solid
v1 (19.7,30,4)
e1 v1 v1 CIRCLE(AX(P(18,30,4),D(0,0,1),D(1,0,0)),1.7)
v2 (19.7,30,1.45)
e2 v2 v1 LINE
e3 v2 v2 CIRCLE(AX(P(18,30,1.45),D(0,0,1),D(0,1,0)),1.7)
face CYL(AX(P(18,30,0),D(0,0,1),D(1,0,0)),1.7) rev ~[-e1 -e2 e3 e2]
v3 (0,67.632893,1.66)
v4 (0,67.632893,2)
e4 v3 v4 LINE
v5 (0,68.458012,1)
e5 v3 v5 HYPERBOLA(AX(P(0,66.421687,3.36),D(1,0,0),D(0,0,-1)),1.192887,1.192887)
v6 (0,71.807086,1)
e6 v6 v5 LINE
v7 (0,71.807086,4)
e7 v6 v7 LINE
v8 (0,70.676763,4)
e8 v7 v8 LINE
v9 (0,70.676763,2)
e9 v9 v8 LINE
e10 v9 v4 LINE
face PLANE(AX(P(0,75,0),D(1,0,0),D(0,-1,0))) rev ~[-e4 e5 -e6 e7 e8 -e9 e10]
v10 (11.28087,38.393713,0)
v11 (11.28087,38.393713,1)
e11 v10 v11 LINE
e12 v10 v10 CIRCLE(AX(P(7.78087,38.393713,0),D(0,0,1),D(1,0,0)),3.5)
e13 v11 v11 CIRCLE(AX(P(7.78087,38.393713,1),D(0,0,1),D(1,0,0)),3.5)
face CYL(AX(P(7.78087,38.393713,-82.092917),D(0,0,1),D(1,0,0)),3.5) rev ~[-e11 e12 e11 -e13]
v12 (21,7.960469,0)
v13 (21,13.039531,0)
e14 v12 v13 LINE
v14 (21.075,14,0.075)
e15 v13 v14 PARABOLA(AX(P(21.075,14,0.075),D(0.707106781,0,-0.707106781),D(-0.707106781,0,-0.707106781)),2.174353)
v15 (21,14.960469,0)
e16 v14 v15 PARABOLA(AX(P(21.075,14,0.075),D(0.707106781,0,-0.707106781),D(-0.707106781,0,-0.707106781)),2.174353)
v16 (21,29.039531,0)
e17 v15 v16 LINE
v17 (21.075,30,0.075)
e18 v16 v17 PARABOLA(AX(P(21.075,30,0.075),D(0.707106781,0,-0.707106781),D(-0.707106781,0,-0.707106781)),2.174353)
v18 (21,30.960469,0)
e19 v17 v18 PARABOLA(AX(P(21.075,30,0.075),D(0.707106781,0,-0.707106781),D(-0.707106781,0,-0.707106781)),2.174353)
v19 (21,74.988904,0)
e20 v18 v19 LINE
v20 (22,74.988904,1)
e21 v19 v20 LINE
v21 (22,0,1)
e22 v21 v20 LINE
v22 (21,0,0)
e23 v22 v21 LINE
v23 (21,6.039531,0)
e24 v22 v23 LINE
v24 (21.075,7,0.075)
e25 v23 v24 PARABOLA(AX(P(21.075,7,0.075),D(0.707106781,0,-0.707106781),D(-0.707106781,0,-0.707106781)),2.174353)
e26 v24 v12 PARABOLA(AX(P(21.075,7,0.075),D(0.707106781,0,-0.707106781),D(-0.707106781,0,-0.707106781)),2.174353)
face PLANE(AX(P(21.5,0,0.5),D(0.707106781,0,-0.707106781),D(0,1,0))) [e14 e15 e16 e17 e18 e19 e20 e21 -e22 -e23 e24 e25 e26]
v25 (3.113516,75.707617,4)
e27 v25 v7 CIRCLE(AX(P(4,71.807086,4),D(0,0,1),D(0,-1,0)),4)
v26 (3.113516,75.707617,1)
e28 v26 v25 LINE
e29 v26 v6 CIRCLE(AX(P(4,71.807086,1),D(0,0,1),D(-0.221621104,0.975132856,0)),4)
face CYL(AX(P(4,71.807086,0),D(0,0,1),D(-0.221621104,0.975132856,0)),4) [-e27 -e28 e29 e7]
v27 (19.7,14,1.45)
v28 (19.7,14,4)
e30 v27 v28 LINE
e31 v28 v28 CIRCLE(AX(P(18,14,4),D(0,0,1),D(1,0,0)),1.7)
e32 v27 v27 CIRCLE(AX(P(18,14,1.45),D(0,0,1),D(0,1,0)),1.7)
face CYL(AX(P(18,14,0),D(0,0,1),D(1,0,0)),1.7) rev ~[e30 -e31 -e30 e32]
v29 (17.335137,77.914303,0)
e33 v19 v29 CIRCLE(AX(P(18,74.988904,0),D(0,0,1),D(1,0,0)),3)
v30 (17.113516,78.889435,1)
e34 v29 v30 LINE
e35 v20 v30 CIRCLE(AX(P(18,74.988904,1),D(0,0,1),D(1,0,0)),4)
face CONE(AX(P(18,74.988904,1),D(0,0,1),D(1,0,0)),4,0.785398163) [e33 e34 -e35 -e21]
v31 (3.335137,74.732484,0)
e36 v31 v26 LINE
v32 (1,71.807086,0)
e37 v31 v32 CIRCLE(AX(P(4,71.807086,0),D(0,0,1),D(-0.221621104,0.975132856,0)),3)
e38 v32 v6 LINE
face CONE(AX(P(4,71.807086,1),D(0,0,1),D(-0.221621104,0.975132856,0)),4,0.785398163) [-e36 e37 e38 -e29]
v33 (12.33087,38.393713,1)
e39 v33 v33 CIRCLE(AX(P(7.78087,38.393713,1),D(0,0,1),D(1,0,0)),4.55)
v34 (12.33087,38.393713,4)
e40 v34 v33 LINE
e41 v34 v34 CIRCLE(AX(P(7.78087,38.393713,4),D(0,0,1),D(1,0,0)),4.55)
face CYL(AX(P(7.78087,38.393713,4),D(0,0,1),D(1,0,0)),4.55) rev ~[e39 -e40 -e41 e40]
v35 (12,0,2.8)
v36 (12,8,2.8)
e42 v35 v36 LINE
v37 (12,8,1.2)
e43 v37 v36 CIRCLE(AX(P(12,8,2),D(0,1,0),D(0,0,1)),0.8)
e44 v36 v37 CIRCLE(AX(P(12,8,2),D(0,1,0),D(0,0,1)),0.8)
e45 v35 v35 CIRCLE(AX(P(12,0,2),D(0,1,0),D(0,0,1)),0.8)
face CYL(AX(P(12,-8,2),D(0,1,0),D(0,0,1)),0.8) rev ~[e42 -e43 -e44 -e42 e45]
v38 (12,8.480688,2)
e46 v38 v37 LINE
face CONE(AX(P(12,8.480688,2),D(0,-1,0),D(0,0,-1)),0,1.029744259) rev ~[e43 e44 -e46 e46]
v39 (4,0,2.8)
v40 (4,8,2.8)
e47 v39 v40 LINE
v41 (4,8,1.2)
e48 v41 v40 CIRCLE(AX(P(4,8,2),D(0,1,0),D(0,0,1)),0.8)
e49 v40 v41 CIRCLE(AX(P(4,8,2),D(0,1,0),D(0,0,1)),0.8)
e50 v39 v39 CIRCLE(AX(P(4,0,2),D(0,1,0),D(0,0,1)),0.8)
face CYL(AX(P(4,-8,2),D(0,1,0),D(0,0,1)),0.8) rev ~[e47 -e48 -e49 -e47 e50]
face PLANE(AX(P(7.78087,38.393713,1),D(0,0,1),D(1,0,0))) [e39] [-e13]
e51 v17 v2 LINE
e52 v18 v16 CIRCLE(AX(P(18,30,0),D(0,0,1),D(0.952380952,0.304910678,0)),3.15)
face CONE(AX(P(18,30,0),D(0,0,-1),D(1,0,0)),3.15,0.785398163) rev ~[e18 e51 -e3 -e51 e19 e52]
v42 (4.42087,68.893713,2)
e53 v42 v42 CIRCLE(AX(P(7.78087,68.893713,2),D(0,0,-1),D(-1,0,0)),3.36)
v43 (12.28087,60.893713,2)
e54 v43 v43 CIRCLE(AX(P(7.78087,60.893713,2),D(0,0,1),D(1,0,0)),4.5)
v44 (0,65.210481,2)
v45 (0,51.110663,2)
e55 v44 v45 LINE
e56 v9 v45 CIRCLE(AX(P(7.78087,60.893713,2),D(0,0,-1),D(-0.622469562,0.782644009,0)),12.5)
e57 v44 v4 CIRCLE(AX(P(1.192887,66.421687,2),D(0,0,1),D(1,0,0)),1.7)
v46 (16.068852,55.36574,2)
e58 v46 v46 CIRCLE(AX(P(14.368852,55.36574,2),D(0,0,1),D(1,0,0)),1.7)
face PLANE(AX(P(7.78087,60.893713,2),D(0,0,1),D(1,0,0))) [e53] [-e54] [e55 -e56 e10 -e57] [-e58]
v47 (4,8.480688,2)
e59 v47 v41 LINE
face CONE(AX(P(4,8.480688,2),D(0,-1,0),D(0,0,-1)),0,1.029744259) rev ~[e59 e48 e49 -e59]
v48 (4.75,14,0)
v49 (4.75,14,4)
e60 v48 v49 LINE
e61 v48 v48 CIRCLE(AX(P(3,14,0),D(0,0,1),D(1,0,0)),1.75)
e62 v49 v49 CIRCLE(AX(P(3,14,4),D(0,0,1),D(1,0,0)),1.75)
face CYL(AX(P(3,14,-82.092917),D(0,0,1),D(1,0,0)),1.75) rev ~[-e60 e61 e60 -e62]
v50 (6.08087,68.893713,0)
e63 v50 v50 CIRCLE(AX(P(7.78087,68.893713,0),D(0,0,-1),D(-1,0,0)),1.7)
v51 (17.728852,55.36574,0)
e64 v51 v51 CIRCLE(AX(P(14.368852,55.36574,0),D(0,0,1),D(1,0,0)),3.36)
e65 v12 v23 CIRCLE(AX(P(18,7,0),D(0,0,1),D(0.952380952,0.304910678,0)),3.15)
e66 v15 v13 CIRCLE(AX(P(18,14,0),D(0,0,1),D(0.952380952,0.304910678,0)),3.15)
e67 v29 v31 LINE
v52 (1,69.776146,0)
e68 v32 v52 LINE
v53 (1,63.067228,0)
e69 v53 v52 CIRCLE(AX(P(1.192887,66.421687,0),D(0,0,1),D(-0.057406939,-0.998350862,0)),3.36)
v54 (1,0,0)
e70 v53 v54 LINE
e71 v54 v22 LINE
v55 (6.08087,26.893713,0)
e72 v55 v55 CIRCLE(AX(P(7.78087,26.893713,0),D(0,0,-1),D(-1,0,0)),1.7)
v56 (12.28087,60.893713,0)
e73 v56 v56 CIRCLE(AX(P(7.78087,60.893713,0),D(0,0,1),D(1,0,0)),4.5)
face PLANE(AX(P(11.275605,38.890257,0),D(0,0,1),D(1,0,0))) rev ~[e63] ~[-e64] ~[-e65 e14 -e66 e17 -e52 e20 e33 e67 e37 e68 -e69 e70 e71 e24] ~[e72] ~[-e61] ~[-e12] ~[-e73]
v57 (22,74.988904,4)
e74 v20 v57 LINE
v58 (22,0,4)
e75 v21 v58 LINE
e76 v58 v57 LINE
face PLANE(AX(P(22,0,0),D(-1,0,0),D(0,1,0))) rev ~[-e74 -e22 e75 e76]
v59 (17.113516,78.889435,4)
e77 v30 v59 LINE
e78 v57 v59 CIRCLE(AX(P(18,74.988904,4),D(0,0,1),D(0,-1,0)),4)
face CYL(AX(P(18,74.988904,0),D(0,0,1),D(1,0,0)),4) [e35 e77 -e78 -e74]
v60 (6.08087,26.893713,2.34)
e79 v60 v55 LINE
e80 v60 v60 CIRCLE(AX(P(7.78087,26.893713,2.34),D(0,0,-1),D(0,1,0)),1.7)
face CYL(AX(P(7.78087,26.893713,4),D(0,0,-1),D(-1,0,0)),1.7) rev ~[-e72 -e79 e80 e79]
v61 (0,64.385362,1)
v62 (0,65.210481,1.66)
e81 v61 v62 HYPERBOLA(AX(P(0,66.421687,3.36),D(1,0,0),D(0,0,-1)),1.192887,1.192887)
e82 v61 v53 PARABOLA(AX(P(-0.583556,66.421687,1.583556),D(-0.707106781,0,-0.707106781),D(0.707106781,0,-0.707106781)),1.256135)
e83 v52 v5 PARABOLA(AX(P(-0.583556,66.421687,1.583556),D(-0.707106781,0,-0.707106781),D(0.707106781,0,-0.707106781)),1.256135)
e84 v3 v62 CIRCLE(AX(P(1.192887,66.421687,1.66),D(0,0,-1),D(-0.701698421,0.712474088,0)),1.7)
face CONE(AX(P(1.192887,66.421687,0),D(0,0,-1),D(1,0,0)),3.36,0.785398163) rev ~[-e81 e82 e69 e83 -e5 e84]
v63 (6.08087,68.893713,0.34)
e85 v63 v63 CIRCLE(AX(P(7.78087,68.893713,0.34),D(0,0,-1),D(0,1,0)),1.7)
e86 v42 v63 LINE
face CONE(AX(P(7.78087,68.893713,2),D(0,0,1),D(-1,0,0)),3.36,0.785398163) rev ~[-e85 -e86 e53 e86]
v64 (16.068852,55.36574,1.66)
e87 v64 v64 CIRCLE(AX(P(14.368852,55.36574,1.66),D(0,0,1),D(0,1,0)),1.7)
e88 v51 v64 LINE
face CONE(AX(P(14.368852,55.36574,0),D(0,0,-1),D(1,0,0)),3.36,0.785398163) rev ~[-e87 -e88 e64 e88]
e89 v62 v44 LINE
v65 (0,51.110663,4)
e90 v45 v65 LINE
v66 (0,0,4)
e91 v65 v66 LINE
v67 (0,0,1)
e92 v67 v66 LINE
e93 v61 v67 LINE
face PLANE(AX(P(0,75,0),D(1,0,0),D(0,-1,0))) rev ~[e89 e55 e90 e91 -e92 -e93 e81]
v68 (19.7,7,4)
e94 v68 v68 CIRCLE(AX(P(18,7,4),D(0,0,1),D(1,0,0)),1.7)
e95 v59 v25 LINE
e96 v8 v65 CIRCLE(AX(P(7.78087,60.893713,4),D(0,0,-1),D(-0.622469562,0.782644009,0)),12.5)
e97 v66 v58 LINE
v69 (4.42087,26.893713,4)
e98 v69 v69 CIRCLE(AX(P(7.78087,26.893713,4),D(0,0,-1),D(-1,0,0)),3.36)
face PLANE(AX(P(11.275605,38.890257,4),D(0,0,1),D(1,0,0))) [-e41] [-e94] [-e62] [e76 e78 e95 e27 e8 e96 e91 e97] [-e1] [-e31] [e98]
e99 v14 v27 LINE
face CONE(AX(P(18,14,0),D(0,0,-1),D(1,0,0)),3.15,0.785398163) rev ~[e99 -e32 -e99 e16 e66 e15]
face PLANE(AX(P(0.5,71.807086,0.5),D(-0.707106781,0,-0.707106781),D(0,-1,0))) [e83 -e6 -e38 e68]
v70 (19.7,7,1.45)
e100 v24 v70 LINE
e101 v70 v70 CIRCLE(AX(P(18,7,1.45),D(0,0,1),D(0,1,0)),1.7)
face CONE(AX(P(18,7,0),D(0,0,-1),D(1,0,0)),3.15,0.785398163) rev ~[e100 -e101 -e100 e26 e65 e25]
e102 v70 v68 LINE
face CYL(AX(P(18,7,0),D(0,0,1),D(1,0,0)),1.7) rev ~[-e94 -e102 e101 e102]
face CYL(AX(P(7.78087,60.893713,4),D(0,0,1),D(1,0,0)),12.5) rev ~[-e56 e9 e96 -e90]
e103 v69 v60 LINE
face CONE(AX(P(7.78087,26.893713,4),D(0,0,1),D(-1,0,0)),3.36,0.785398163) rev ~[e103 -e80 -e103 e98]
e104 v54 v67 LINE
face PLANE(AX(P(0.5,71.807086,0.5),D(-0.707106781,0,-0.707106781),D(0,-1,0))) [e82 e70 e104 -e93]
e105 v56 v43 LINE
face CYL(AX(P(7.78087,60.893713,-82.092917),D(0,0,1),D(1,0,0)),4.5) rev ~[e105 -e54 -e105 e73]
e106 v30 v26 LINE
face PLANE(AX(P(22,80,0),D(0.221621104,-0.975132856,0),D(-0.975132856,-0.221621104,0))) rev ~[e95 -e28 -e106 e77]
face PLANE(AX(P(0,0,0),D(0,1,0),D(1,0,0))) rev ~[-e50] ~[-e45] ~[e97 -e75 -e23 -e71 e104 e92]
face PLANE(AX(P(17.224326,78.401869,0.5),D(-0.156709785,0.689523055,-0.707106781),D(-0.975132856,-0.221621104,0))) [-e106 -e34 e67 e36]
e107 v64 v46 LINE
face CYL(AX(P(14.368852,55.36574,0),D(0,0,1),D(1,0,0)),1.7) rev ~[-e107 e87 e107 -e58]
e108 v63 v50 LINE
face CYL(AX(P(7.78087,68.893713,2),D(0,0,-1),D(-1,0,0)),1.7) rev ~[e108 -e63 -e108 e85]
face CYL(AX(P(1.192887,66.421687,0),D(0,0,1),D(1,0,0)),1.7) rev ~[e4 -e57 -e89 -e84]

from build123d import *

# Parameters (mm, degrees)
RESSALTO_EXTRUS_O1_DEPTH                             = 4
FILETE1_R                                            = 4
CHANFRO1_SIZE                                        = 1
FURO_DE_DI_METRO_7_0_7_1_D                           = 7
ESCAREADO_PARA_PARAFUSO_COM_CABE_A_ESCAR_D           = 3.4
ESCAREADO_PARA_PARAFUSO_COM_CABE_A_ESCAR_CSINK_D     = 6.3
ESCAREADO_PARA_PARAFUSO_COM_CABE_A_ESCAR_CSINK_ANGLE = 90
BROCA_DE_ROSQUEAR_PARA_TARRAXA_DE_M21_D              = 1.6
BROCA_DE_ROSQUEAR_PARA_TARRAXA_DE_M21_DEPTH          = 8
BROCA_DE_ROSQUEAR_PARA_TARRAXA_DE_M21_TIP            = 0.480688495
FURO_DE_DI_METRO_9_0_9_3_D                           = 9
ESCAREADO_PARA_PARAFUSO_ALLEN_SEXTAVADO_D            = 3.4
ESCAREADO_PARA_PARAFUSO_ALLEN_SEXTAVADO_CSINK_D      = 6.72
ESCAREADO_PARA_PARAFUSO_ALLEN_SEXTAVADO_CSINK_ANGLE  = 90
ESCAREADO_PARA_PARAFUSO_COM_CABE_A_E_2_D             = 3.4
ESCAREADO_PARA_PARAFUSO_COM_CABE_A_E_2_DEPTH         = 4
ESCAREADO_PARA_PARAFUSO_COM_CABE_A_E_2_CSINK_D       = 6.3
ESCAREADO_PARA_PARAFUSO_COM_CABE_A_E_2_CSINK_ANGLE   = 90
ESCAREADO_PARA_PARAFUSO_COM_CABE_A_E_2_TIP           = 1.021463052
ESBO_O12_R                                           = 4.55
CORTE_EXTRUS_O1_DEPTH                                = 3
FURO_DE_DI_METRO_3_5_3_5_1_D                         = 3.5
ESBO_O36_R                                           = 12.5
CORTE_EXTRUS_O4_DEPTH                                = 2
ESCAREADO_PARA_PARAFUSO_ALLEN_SEXTAV_2_D             = 3.4
ESCAREADO_PARA_PARAFUSO_ALLEN_SEXTAV_2_CSINK_D       = 6.72
ESCAREADO_PARA_PARAFUSO_ALLEN_SEXTAV_2_CSINK_ANGLE   = 90
ESCAREADO_PARA_PARAFUSO_ALLEN_SEXTAV_2_O_D           = 3.4
ESCAREADO_PARA_PARAFUSO_ALLEN_SEXTAV_2_O_CSINK_D     = 6.72
ESCAREADO_PARA_PARAFUSO_ALLEN_SEXTAV_2_O_CSINK_ANGLE = 90


with BuildPart() as part:
    # Esboço1 → Ressalto-extrusão1 (new body)
    with BuildSketch(Plane.XY):
        Polygon((0, 0), (22, 0), (22, 80), (0, 75), align=None)
    extrude(amount=RESSALTO_EXTRUS_O1_DEPTH)

    # Filete1
    filete1_edges = [part.edges().sort_by_distance(p)[0] for p in [
        (0, 75, 2),
        (22, 80, 2),
    ]]
    fillet(filete1_edges, radius=FILETE1_R)

    # Chanfro1
    chanfro1_edges = [part.edges().sort_by_distance(p)[0] for p in [
        (10.113515586, 77.298526269, 0),
        (0, 35.903542878, 0),
        (0.873825208, 74.302487761, 0),
        (20.495402006, 78.115078729, 0),
        (22, 37.494451969, 0),
    ]]
    chamfer(chanfro1_edges, length=CHANFRO1_SIZE)

    # Furo de diâmetro Ø7.0 (7)1 (through all)
    with Locations(Plane(origin=(7.780869527, 38.393713373, 0), x_dir=(-1, 0, 0), z_dir=(0, 0, -1))):
        with Locations((0, 0)):
            Hole(FURO_DE_DI_METRO_7_0_7_1_D / 2)

    # Escareado para parafuso com cabe_a escar (through all)
    with Locations(Plane(origin=(18, 7, 0), x_dir=(-1, 0, 0), z_dir=(0, 0, -1))):
        with Locations((0, 0), (0, 7)):
            CounterSinkHole(ESCAREADO_PARA_PARAFUSO_COM_CABE_A_ESCAR_D / 2, ESCAREADO_PARA_PARAFUSO_COM_CABE_A_ESCAR_CSINK_D / 2, counter_sink_angle=ESCAREADO_PARA_PARAFUSO_COM_CABE_A_ESCAR_CSINK_ANGLE)

    # Broca de rosquear para tarraxa de M21
    with Locations(Plane(origin=(4, 0, 2), x_dir=(0, 0, -1), z_dir=(0, -1, 0))):
        with Locations((0, 0), (0, 8)):
            Hole(BROCA_DE_ROSQUEAR_PARA_TARRAXA_DE_M21_D / 2, depth=BROCA_DE_ROSQUEAR_PARA_TARRAXA_DE_M21_DEPTH)
            with Locations((0, 0, -(BROCA_DE_ROSQUEAR_PARA_TARRAXA_DE_M21_DEPTH + BROCA_DE_ROSQUEAR_PARA_TARRAXA_DE_M21_TIP / 2))):  # 118° drill point
                Cone(0, BROCA_DE_ROSQUEAR_PARA_TARRAXA_DE_M21_D / 2, BROCA_DE_ROSQUEAR_PARA_TARRAXA_DE_M21_TIP, mode=Mode.SUBTRACT)

    # Furo de diâmetro Ø9.0 (9)3 (through all)
    with Locations(Plane(origin=(7.780869527, 60.893713373, 0), x_dir=(-1, 0, 0), z_dir=(0, 0, -1))):
        with Locations((0, 0)):
            Hole(FURO_DE_DI_METRO_9_0_9_3_D / 2)

    # Escareado para parafuso Allen sextavado (through all)
    with Locations(Plane(origin=(14.368851738, 55.36573993, 0), x_dir=(-1, 0, 0), z_dir=(0, 0, -1))):
        with Locations((0, 0), (13.175964422, 11.055946886)):
            CounterSinkHole(ESCAREADO_PARA_PARAFUSO_ALLEN_SEXTAVADO_D / 2, ESCAREADO_PARA_PARAFUSO_ALLEN_SEXTAVADO_CSINK_D / 2, counter_sink_angle=ESCAREADO_PARA_PARAFUSO_ALLEN_SEXTAVADO_CSINK_ANGLE)

    # Escareado para parafuso com cabe_a e 2
    with Locations(Plane(origin=(18, 30, 0), x_dir=(-1, 0, 0), z_dir=(0, 0, -1))):
        with Locations((0, 0)):
            CounterSinkHole(ESCAREADO_PARA_PARAFUSO_COM_CABE_A_E_2_D / 2, ESCAREADO_PARA_PARAFUSO_COM_CABE_A_E_2_CSINK_D / 2, depth=ESCAREADO_PARA_PARAFUSO_COM_CABE_A_E_2_DEPTH, counter_sink_angle=ESCAREADO_PARA_PARAFUSO_COM_CABE_A_E_2_CSINK_ANGLE)
            with Locations((0, 0, -(ESCAREADO_PARA_PARAFUSO_COM_CABE_A_E_2_DEPTH + ESCAREADO_PARA_PARAFUSO_COM_CABE_A_E_2_TIP / 2))):  # 118° drill point
                Cone(0, ESCAREADO_PARA_PARAFUSO_COM_CABE_A_E_2_D / 2, ESCAREADO_PARA_PARAFUSO_COM_CABE_A_E_2_TIP, mode=Mode.SUBTRACT)

    # Esboço12 → Corte-extrusão1 (cut)
    with BuildSketch(Plane.XY.offset(4)):
        with Locations((7.780869527, 38.393713373)):
            Circle(ESBO_O12_R)
    extrude(amount=-CORTE_EXTRUS_O1_DEPTH, mode=Mode.SUBTRACT)

    # Furo de diâmetro Ø3.5 (3.5)1 (through all)
    with Locations(Plane(origin=(3, 14, 0), x_dir=(-1, 0, 0), z_dir=(0, 0, -1))):
        with Locations((0, 0)):
            Hole(FURO_DE_DI_METRO_3_5_3_5_1_D / 2)

    # Esboço36 → Corte-extrusão4 (cut)
    with BuildSketch(Plane.XY.offset(4)):
        with Locations((7.780869527, 60.893713373)):
            Circle(ESBO_O36_R)
    extrude(amount=-CORTE_EXTRUS_O4_DEPTH, mode=Mode.SUBTRACT)

    # Escareado para parafuso Allen sextav 2 (through all)
    with Locations(Plane(origin=(7.780869527, 26.893713373, 4), x_dir=(1, 0, 0), z_dir=(0, 0, 1))):
        with Locations((0, 0)):
            CounterSinkHole(ESCAREADO_PARA_PARAFUSO_ALLEN_SEXTAV_2_D / 2, ESCAREADO_PARA_PARAFUSO_ALLEN_SEXTAV_2_CSINK_D / 2, counter_sink_angle=ESCAREADO_PARA_PARAFUSO_ALLEN_SEXTAV_2_CSINK_ANGLE)

    # Escareado para parafuso Allen sextav 2 o (through all)
    with Locations(Plane(origin=(7.780869527, 68.893713373, 2), x_dir=(1, 0, 0), z_dir=(0, 0, 1))):
        with Locations((0, 0)):
            CounterSinkHole(ESCAREADO_PARA_PARAFUSO_ALLEN_SEXTAV_2_O_D / 2, ESCAREADO_PARA_PARAFUSO_ALLEN_SEXTAV_2_O_CSINK_D / 2, counter_sink_angle=ESCAREADO_PARA_PARAFUSO_ALLEN_SEXTAV_2_O_CSINK_ANGLE)


solid = part.part
